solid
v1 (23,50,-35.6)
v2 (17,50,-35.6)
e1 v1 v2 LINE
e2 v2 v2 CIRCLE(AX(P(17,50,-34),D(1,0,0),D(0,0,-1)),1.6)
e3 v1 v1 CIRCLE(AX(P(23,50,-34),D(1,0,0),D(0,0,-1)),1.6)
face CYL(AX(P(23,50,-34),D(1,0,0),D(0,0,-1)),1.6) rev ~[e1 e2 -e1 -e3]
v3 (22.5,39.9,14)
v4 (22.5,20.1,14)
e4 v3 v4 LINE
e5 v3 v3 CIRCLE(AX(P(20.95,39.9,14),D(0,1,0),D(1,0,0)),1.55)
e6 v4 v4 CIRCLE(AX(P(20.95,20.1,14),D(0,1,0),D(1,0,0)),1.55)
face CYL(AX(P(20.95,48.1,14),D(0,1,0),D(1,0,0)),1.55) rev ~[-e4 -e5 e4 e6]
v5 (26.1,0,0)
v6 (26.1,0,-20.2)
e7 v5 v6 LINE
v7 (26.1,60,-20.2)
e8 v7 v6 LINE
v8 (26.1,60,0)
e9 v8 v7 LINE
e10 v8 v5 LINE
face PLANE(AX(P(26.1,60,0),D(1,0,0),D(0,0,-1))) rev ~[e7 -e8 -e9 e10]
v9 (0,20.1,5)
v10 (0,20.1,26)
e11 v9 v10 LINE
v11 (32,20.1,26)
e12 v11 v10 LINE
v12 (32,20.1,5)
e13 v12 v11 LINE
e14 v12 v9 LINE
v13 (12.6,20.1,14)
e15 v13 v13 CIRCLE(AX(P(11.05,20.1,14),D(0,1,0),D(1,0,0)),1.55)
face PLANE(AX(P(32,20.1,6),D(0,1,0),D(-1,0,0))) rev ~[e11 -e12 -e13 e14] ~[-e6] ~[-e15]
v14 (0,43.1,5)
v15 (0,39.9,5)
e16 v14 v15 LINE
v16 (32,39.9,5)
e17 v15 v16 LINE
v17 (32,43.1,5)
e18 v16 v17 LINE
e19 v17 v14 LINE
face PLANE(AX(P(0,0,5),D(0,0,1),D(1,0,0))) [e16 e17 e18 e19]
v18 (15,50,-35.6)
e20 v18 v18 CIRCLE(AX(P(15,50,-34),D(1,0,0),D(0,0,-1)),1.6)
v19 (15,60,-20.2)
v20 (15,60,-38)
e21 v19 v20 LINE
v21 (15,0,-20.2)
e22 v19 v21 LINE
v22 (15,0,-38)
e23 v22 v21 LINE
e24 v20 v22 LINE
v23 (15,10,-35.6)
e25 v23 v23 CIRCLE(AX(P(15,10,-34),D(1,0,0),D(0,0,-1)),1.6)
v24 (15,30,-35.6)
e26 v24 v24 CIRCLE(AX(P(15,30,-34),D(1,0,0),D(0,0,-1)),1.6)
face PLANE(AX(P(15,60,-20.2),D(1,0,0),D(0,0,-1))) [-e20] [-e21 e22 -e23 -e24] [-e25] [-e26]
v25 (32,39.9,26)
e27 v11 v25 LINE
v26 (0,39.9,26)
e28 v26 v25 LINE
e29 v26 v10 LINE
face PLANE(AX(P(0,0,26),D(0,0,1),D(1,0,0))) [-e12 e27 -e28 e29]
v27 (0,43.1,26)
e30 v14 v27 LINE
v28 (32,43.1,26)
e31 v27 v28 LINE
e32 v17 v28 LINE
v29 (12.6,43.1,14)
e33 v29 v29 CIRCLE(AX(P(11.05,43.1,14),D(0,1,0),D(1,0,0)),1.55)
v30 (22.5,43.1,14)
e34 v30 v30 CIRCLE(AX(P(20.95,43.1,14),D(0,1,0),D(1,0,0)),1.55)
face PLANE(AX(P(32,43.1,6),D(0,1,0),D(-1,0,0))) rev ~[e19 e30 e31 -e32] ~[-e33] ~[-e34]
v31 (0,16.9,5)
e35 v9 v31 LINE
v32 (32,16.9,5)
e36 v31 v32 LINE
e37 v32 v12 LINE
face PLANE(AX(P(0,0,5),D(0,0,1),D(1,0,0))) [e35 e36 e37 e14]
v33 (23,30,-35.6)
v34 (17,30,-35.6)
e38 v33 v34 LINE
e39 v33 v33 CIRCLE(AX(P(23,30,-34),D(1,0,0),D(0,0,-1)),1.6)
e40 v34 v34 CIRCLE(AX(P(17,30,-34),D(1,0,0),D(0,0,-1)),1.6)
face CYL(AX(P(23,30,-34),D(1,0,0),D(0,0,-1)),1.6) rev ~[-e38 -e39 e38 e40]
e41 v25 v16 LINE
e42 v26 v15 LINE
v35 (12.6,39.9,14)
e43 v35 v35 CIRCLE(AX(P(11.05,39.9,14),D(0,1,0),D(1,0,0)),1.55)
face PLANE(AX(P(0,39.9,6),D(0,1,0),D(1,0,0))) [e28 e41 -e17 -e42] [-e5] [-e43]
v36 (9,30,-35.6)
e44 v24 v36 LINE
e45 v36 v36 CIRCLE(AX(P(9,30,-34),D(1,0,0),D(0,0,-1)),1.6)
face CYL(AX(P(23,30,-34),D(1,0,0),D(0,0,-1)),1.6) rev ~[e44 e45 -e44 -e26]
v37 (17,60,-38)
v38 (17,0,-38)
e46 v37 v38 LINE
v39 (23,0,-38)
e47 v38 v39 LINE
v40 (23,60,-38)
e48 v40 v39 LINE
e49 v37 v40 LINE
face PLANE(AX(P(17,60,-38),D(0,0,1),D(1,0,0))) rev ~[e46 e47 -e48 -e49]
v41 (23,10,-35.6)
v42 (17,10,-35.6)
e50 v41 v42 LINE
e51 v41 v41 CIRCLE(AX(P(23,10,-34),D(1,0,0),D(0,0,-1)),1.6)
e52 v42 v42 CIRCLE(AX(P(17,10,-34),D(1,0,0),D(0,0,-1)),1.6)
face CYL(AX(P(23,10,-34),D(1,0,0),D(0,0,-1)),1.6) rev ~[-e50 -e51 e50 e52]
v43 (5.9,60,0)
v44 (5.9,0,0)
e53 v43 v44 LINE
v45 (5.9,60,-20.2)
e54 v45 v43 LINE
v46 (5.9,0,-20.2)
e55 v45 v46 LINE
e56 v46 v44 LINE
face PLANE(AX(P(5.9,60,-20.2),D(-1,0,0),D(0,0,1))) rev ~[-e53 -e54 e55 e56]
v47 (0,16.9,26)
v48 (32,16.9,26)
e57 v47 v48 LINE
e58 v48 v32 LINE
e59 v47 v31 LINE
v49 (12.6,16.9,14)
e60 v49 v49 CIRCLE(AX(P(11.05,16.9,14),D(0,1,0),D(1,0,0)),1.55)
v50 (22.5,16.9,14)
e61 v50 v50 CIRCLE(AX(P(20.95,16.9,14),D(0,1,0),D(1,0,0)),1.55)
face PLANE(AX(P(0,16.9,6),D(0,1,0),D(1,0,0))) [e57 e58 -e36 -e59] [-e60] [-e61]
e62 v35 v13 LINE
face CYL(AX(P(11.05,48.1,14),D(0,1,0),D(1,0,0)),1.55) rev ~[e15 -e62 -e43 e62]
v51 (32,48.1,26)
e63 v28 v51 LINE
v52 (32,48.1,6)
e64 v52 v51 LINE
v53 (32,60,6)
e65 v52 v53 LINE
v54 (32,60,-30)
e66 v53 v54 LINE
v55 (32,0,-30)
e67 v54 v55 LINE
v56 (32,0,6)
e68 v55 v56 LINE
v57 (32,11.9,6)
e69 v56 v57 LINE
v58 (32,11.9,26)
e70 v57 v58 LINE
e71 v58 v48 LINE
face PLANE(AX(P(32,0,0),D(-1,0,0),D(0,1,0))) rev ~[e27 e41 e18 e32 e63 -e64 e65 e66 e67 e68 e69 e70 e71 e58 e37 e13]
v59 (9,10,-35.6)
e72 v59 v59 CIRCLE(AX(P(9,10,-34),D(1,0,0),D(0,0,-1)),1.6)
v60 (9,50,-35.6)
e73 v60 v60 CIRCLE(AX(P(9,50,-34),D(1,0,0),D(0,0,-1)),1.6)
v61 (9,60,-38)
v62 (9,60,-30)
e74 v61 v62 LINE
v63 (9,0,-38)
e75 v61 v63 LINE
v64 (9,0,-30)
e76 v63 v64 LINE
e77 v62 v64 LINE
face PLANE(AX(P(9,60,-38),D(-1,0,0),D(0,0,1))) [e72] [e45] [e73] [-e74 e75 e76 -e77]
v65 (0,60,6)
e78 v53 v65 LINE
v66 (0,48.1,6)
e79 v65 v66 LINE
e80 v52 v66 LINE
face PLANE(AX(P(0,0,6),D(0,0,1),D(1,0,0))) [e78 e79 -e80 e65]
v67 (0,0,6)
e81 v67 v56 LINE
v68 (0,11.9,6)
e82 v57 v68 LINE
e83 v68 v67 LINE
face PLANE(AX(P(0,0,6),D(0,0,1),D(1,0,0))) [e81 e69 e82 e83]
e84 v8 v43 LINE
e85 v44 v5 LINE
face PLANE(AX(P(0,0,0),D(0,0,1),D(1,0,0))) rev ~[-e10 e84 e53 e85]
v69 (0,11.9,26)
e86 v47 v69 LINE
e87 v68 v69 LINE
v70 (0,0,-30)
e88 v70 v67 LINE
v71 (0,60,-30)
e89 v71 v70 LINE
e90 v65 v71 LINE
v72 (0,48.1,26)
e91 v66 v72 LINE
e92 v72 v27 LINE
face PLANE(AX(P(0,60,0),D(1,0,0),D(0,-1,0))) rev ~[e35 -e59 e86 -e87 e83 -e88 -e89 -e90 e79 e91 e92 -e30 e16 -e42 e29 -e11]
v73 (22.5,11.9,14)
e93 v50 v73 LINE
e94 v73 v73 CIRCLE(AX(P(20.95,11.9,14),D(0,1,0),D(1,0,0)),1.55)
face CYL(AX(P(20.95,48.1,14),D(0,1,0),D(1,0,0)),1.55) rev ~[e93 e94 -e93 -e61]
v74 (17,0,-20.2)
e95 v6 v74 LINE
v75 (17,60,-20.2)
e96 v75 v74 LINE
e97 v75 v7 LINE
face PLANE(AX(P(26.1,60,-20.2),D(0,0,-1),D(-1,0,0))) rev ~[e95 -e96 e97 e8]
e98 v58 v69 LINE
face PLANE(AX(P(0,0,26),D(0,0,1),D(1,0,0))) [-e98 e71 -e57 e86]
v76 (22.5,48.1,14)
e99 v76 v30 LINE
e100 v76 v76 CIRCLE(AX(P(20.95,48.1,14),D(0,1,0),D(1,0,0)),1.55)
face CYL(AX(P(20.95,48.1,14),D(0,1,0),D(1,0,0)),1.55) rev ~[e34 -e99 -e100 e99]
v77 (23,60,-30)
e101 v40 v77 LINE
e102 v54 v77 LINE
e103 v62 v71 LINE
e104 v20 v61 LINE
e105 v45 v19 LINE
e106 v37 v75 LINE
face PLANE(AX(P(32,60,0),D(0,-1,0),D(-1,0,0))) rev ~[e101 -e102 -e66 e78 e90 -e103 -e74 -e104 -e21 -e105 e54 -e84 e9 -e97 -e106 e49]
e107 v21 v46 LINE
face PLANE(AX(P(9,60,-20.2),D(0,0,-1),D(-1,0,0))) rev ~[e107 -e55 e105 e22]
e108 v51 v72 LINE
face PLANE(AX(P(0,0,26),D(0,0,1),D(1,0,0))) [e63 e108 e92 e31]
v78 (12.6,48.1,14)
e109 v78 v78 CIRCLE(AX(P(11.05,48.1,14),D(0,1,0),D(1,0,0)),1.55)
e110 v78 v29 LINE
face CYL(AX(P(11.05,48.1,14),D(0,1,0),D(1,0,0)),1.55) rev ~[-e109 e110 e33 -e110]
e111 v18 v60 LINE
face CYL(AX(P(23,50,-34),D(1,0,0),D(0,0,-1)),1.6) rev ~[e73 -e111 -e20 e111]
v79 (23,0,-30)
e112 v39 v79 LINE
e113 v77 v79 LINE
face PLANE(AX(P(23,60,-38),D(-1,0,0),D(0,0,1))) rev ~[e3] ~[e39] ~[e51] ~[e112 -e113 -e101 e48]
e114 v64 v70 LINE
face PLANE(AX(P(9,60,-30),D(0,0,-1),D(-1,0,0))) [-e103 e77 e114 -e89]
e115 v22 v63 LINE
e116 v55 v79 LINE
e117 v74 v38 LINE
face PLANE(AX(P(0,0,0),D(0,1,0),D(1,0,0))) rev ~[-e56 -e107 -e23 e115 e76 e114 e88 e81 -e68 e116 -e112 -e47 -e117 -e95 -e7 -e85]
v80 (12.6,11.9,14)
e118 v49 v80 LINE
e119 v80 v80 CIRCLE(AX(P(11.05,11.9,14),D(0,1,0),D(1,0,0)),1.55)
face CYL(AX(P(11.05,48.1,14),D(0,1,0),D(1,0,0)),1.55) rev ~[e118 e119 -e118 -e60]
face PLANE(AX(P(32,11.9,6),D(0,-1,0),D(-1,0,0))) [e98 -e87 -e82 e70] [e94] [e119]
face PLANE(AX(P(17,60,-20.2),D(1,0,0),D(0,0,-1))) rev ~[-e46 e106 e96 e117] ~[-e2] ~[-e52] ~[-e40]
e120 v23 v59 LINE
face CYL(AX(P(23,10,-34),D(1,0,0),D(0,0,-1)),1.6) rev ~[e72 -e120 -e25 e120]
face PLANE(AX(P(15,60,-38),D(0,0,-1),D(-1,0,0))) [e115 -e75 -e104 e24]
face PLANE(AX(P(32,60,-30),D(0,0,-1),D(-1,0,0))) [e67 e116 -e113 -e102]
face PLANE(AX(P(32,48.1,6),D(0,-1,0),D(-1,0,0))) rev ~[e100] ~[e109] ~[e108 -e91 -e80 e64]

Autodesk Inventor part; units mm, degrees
ref_plane "YZ Plane" through (0, 0, 0) normal (1, 0, 0) x (0, 1, 0)
ref_plane "XZ Plane" through (0, 0, 0) normal (0, 1, 0) x (-1, 0, 0)
ref_plane "XY Plane" through (0, 0, 0) normal (0, 0, 1) x (1, 0, 0)
sketch "Sketch1" plane through (0, 0, 0) normal (0, 0, 1) x (1, 0, 0)
  line L0 (0, 0) -> (32, 0)
  line L1 (32, 0) -> (32, 60)
  line L2 (32, 60) -> (0, 60)
  line L3 (0, 60) -> (0, 0)
  dimension "d0" = 32
  dimension "d1" = 60
extrude "Extrusion1" add sketch "Sketch1" along normal blind 6
sketch "Sketch3" plane through (0, 0, 6) normal (0, 0, 1) x (1, 0, 0)
  line L0 (32, 0) -> (32, 60) projected
  line L1 (32, 60) -> (0, 60) projected
  line L2 (0, 60) -> (0, 0) projected
  line L3 (0, 0) -> (32, 0) projected
  line L4 (0, 30) -> (32, 30) construction
  line L5 (32, 0) -> (32, 60) construction
  line L6 (0, 60) -> (0, 0) projected
  line L7 (0, 39.9) -> (32, 39.9)
  line L8 (32, 39.9) -> (32, 20.1)
  line L9 (32, 20.1) -> (0, 20.1)
  line L10 (0, 20.1) -> (0, 39.9)
  line L11 (0, 43.1) -> (32, 43.1)
  line L12 (32, 43.1) -> (32, 48.1)
  line L13 (32, 48.1) -> (0, 48.1)
  line L14 (0, 48.1) -> (0, 43.1)
  line L15 (0, 16.9) -> (32, 16.9)
  line L16 (32, 16.9) -> (32, 11.9)
  line L17 (32, 11.9) -> (0, 11.9)
  line L18 (0, 11.9) -> (0, 16.9)
  point P0 (0, 11.9)
  point P1 (0, 20.1)
  point P2 (0, 48.1)
  point P3 (0, 43.1)
  dimension "d6" = 30
  dimension "d7" = 60
  dimension "d8" = 9.9
  dimension "d9" = 9.9
  dimension "d10" = 5
  dimension "d11" = 3.2
  dimension "d12" = 3.2
  dimension "d13" = 5
extrude "Extrusion2" add sketch "Sketch3" along normal blind 20 contours L17 L2 L15 L0 | L9 L2 L7 L0 | L11 L2 L13 L0
sketch "Sketch4" plane through (0, 48.1, 6) normal (0, 1, 0) x (1, 0, 0)
  line L0 (0, 0) -> (32, 0) projected
  line L1 (0, 0) -> (0, -20) projected
  line L2 (32, -20) -> (0, -20) projected
  line L3 (32, 0) -> (32, -20) projected
  circle A0 centre (11.05, -8) radius 1.55
  circle A1 centre (20.95, -8) radius 1.55
  line L4 (0, -20) -> (32, -20) construction
  line L5 (16, -20) -> (16, 0) construction
  point P0 (0, 6)
  dimension "d16" = 3.1
  dimension "d17" = 3.1
  dimension "d18" = 4.95
  dimension "d19" = 4.95
  dimension "d20" = 8
  dimension "d21" = 8
extrude "Extrusion3" cut sketch "Sketch4" against normal blind 100 contours A0 | A1
ref_plane "Work Plane1" through (16, 0, 0) normal (1, 0, 0) x (0, 0, -1)
ref_plane "Work Plane3" through (0, 30, 6) normal (0, 1, 0) x (1, 0, 0)
sketch "Sketch14" plane through (0, 60, 0) normal (0, 1, 0) x (1, 0, 0)
  line L0 (32, 0) -> (0, 0) projected
  line L1 (5.9, 0) -> (26.1, 0)
  line L2 (26.1, 0) -> (26.1, 20.2)
  line L3 (26.1, 20.2) -> (5.9, 20.2)
  line L4 (5.9, 20.2) -> (5.9, 0)
  line L5 (0, 0) -> (32, 0)
  line L6 (32, 0) -> (32, 30)
  line L7 (32, 30) -> (0, 30)
  line L8 (0, 30) -> (0, 0)
  line L9 (32, 0) -> (32, -6) projected
  line L10 (9, 20.2) -> (15, 20.2)
  line L11 (15, 20.2) -> (15, 38)
  line L12 (15, 38) -> (9, 38)
  line L13 (9, 38) -> (9, 20.2)
  line L14 (23, 20.2) -> (17, 20.2)
  line L15 (17, 20.2) -> (17, 38)
  line L16 (17, 38) -> (23, 38)
  line L17 (23, 38) -> (23, 20.2)
  line L18 (16, 46) -> (16, -38) projected
  point P0 (23, 30)
  point P1 (9, 30)
  dimension "d74" = 20.2
  dimension "d75" = 20.2
  dimension "d76" = 30
  dimension "d77" = 5.9
  dimension "d78" = 32
  dimension "d79" = 1
  dimension "d80" = 1
  dimension "d81" = 6
  dimension "d82" = 6
  dimension "d83" = 8
  dimension "d85" = 8
extrude "Extrusion12" add sketch "Sketch14" against normal blind 60 contours L0 L2 L3 L17 L7 L6 | L17 L3 L15 L7 | L7 L15 L16 L17 | L0 L8 L7 L13 L3 L4 | L3 L13 L7 L11 | L7 L13 L12 L11
sketch "Sketch15" plane through (23, 60, -30) normal (1, 0, 0) x (0, 0, -1)
  circle A0 centre (4, -10) radius 1.6
  circle A1 centre (4, -30) radius 1.6
  circle A2 centre (4, -50) radius 1.6
  line L0 (8, -60) -> (0, -60) projected
  line L1 (0, 0) -> (8, 0) projected
  line L2 (8, 0) -> (8, -60) projected
  point P0 (-30, -60)
  dimension "d88" = 3.2
  dimension "d89" = 3.2
  dimension "d90" = 3.2
  dimension "d91" = 10
  dimension "d92" = 10
  dimension "d93" = 30
  dimension "d94" = 4
extrude "Extrusion13" cut sketch "Sketch15" against normal blind 60
sketch "Sketch16" plane through (0, 0, 6) normal (0, 0, 1) x (1, 0, 0)
  line L0 (0, 39.9) -> (32, 39.9) projected
  line L1 (32, 39.9) -> (32, 43.1) projected
  line L2 (32, 43.1) -> (0, 43.1) projected
  line L3 (0, 43.1) -> (0, 39.9) projected
  line L4 (0, 16.9) -> (32, 16.9) projected
  line L5 (32, 16.9) -> (32, 20.1) projected
  line L6 (32, 20.1) -> (0, 20.1) projected
  line L7 (0, 20.1) -> (0, 16.9) projected
  point P0 (0, 0)
extrude "Extrusion14" cut sketch "Sketch16" against normal blind 1
equation "\"d6\" = 0.5 * d7"
equation "\"d77\" = -0.5 * d74 + 0.5 * d78"
properties part number "Drone_mount"
